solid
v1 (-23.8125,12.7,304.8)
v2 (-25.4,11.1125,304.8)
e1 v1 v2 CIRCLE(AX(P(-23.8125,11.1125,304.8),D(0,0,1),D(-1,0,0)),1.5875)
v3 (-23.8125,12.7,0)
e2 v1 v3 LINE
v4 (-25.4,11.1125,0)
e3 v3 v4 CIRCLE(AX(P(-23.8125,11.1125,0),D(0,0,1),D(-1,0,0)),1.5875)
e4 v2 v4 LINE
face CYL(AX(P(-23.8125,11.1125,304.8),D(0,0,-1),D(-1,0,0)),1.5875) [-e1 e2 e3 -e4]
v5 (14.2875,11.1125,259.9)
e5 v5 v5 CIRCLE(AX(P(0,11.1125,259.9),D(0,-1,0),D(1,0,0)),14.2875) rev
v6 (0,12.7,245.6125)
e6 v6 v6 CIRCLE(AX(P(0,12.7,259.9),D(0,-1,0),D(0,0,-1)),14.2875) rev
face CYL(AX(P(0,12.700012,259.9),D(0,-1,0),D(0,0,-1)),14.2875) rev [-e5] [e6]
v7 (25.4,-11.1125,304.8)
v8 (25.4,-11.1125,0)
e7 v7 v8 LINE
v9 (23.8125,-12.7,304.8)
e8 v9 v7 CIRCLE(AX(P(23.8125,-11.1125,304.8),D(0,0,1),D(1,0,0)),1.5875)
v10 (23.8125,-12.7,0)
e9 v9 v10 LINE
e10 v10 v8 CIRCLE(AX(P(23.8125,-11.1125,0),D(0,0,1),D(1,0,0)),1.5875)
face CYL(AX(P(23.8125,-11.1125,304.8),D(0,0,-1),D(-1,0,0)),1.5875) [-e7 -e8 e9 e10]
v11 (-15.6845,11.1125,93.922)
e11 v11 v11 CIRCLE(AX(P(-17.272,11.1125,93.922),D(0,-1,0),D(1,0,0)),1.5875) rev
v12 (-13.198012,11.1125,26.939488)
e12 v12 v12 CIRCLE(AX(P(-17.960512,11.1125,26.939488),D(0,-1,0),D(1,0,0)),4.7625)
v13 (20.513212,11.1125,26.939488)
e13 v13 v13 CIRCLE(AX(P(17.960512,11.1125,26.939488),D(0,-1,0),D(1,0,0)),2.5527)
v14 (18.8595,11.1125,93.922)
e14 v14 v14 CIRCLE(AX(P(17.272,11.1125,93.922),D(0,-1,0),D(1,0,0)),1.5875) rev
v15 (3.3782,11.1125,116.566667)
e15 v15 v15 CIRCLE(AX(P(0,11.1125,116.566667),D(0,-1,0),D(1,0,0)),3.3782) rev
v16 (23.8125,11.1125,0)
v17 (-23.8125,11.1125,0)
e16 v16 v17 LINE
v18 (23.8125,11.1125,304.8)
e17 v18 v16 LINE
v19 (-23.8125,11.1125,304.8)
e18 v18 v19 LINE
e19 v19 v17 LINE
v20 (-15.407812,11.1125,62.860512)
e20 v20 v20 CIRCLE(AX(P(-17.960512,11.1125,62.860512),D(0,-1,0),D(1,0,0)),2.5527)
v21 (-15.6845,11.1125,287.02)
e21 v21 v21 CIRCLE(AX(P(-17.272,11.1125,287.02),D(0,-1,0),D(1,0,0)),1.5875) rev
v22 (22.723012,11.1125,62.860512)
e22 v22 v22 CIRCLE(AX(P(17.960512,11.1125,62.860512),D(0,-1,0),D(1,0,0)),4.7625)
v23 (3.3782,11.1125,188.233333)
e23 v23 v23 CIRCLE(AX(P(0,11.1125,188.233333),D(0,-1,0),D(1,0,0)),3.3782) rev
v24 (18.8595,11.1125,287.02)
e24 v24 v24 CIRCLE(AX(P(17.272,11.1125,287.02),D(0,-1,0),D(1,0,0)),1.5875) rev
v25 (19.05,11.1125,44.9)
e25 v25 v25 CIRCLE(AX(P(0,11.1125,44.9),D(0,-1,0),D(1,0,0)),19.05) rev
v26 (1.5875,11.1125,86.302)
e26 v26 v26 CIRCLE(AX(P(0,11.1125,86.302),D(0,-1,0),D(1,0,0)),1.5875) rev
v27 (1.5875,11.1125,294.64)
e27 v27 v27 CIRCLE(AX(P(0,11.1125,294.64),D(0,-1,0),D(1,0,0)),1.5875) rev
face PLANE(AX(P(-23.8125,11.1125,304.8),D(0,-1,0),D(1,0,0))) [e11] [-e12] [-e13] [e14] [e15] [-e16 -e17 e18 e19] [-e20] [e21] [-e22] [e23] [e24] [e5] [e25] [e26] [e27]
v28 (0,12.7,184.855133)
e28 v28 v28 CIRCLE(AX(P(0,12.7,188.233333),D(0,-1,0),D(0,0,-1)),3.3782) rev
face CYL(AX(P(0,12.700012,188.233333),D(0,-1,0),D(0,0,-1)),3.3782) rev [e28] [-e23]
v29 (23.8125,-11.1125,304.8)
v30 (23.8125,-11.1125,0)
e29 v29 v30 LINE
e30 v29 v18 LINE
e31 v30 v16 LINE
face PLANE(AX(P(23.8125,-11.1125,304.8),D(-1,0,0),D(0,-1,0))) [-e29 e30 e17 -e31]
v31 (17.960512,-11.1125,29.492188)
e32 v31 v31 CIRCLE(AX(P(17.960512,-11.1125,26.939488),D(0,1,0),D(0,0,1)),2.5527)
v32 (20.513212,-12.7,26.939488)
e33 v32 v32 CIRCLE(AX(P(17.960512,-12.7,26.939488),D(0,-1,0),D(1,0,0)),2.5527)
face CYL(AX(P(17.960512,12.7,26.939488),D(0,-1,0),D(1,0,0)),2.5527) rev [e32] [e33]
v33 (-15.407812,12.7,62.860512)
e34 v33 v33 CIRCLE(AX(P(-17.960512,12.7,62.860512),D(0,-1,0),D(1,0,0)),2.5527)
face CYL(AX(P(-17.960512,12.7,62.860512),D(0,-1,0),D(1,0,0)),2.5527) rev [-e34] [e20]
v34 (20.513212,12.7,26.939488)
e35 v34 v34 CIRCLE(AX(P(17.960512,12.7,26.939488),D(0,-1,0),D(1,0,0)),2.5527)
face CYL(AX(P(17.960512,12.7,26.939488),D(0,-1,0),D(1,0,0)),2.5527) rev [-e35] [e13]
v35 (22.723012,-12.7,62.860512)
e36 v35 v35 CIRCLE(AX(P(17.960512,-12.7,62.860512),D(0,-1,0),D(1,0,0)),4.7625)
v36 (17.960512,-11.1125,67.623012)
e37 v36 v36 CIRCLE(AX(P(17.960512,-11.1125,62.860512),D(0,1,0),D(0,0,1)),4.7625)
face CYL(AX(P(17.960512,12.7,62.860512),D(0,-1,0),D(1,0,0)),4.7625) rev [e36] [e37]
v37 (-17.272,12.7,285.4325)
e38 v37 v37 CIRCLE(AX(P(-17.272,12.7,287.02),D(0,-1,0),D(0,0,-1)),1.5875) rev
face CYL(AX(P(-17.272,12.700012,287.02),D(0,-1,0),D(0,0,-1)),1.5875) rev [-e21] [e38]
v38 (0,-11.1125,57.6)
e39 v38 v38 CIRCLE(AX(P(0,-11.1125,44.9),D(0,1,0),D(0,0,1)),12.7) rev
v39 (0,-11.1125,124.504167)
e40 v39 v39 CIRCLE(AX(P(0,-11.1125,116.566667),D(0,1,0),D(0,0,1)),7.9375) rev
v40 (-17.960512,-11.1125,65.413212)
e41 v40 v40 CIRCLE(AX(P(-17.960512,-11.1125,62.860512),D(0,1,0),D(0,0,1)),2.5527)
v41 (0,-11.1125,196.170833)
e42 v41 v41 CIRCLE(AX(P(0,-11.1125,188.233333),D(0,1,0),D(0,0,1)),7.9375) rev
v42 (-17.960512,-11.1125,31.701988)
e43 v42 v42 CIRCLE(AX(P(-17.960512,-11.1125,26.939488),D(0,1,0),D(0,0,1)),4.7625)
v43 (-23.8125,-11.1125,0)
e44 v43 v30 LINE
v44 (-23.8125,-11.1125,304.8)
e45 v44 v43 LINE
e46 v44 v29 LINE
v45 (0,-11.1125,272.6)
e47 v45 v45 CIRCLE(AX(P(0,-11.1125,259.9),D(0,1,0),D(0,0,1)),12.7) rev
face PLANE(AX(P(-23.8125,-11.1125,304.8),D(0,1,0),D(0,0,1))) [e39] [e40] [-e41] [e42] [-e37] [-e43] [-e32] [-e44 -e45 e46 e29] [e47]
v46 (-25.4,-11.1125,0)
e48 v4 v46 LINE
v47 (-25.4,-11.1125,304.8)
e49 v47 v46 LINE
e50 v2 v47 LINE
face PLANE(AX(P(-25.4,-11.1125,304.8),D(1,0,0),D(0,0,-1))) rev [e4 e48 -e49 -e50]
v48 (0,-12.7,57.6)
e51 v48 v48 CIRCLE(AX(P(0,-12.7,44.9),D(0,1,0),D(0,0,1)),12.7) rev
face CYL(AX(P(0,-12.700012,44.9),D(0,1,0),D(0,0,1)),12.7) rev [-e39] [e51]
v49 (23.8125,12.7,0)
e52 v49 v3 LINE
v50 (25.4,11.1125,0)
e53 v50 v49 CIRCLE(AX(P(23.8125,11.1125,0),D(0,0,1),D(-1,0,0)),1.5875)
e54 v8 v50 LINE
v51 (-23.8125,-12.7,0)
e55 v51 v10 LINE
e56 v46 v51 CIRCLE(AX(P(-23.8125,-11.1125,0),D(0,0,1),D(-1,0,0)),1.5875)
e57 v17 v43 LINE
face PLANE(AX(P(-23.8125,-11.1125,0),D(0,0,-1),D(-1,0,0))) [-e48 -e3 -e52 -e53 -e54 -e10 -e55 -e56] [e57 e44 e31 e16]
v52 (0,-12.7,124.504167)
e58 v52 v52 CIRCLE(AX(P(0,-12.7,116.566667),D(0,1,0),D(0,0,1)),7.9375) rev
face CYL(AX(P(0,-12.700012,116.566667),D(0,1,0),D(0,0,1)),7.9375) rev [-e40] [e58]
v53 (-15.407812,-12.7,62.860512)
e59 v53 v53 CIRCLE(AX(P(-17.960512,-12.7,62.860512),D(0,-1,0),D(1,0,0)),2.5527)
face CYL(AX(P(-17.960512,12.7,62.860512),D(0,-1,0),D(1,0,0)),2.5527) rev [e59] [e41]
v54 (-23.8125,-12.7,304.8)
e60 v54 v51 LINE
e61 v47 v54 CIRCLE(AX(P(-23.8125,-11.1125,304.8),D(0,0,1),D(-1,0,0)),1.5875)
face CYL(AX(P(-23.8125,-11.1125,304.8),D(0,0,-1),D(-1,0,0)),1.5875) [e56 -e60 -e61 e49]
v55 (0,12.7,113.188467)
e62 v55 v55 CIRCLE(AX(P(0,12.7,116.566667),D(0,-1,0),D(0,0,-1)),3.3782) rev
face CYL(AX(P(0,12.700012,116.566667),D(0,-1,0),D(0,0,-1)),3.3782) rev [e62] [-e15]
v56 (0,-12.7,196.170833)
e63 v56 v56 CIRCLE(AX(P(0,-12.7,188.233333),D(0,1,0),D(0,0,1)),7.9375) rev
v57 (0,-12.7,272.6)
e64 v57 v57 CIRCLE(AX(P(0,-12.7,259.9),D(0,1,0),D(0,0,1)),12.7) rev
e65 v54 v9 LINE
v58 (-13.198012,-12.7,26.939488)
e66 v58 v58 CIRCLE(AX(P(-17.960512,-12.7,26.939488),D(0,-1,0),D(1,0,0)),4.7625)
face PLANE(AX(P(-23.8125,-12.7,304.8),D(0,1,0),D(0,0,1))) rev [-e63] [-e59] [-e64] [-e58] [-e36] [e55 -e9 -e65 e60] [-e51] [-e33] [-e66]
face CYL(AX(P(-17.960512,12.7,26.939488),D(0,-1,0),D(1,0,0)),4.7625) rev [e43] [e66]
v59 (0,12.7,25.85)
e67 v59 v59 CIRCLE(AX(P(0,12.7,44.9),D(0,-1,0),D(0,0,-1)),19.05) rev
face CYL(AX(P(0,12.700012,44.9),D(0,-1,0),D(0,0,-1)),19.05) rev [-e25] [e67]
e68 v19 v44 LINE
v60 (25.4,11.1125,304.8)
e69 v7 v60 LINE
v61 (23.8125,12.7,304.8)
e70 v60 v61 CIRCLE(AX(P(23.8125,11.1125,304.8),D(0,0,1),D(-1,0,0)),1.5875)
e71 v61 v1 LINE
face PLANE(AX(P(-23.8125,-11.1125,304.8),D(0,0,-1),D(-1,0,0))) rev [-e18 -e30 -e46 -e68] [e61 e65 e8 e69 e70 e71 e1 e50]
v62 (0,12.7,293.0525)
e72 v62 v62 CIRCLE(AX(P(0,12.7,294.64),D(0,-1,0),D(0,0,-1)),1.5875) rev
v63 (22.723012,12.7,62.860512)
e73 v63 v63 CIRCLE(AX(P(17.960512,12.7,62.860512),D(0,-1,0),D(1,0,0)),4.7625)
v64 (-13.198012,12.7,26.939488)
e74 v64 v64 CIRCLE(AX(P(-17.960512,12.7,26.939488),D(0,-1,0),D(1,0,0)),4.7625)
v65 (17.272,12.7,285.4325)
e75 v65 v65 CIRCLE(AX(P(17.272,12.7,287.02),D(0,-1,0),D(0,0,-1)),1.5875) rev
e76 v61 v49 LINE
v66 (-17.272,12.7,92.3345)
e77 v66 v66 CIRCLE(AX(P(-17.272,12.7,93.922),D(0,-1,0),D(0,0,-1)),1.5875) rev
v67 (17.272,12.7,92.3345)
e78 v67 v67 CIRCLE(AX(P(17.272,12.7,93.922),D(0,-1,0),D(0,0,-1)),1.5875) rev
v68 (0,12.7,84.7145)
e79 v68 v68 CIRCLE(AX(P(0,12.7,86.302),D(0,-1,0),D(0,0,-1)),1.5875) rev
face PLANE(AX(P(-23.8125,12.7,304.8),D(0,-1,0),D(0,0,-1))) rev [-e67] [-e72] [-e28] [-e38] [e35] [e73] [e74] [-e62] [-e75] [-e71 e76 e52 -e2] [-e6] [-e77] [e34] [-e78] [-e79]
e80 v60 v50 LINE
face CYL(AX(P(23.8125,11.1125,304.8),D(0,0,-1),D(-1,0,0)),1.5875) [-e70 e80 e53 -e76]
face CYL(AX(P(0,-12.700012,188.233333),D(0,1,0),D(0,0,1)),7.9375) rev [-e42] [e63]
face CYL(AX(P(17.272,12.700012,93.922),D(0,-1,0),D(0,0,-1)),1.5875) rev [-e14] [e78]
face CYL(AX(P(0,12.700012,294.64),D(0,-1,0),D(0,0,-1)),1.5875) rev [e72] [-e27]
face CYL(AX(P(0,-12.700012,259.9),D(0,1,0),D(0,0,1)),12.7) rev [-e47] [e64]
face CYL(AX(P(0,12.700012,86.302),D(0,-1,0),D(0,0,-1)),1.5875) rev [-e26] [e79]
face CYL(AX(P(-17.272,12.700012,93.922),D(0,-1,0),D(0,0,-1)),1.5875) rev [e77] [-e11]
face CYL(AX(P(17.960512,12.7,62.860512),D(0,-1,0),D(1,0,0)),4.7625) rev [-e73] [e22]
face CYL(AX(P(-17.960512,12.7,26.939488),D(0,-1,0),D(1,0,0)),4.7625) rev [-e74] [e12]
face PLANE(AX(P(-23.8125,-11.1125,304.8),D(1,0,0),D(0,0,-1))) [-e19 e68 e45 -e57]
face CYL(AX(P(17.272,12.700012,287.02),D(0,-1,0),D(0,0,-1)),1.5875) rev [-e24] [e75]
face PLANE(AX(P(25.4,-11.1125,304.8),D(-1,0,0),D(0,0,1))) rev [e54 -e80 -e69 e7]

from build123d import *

# Parameters (mm, degrees)
SKETCH1_W                      = 47.625
SKETCH1_H                      = 22.225
BOSS_EXTRUDE1_DEPTH            = 304.8
CUT_EXTRUDE1_REACH             = 27.4
SKETCH2_R                      = 14.2875
SKETCH2_R_2                    = 19.05
CUT_EXTRUDE1_DIRECTION_2_DEPTH = 1
CUT_EXTRUDE2_REACH             = 27.4
SKETCH3_R                      = 12.7
CUT_EXTRUDE2_DIRECTION_2_DEPTH = 1
SKETCH7_R                      = 4.7625
CUT_EXTRUDE3_DEPTH             = 24.8125
CUT_EXTRUDE3_DEPTH_BACK        = 2.5875
CUT_EXTRUDE4_REACH             = 27.4
SKETCH8_R                      = 3.3782
CUT_EXTRUDE4_DIRECTION_2_DEPTH = 1
CUT_EXTRUDE5_REACH             = 27.4
SKETCH9_R                      = 7.9375
CUT_EXTRUDE5_DIRECTION_2_DEPTH = 1
CUT_EXTRUDE6_REACH             = 27.4
SKETCH10_R                     = 1.5875
CUT_EXTRUDE6_DIRECTION_2_DEPTH = 1


with BuildPart() as part:
    # Sketch1 → Boss-Extrude1 (new body)
    with BuildSketch(Plane.XY):
        with BuildLine():
            Line((-23.8125, -12.7), (23.8125, -12.7))
            ThreePointArc((23.8125, -12.7), (24.935032015, -12.235032015), (25.4, -11.1125))
            Line((25.4, -11.1125), (25.4, 11.1125))
            ThreePointArc((25.4, 11.1125), (24.935032015, 12.235032015), (23.8125, 12.7))
            Line((23.8125, 12.7), (-23.8125, 12.7))
            ThreePointArc((-23.8125, 12.7), (-24.935032015, 12.235032015), (-25.4, 11.1125))
            Line((-25.4, 11.1125), (-25.4, -11.1125))
            ThreePointArc((-25.4, -11.1125), (-24.935032015, -12.235032015), (-23.8125, -12.7))
        make_face()
        Rectangle(SKETCH1_W, SKETCH1_H, mode=Mode.SUBTRACT)
    extrude(amount=BOSS_EXTRUDE1_DEPTH)

    # Sketch2 → Cut-Extrude1 (cut, up to next)
    with BuildSketch(Plane(origin=(0, 12.7, 0), x_dir=(1, 0, 0), z_dir=(0, 1, 0)), mode=Mode.PRIVATE) as cut_extrude1_sk1:
        with Locations((0, -259.9)):
            Circle(SKETCH2_R)
    cut_extrude1_tool1 = extrude(cut_extrude1_sk1.sketch, amount=-CUT_EXTRUDE1_REACH, mode=Mode.PRIVATE) & part.part
    add(cut_extrude1_tool1.solids().sort_by_distance((0, 12.7, 259.9))[0], mode=Mode.SUBTRACT)
    # Sketch2 → Cut-Extrude1 (cut, up to next)
    with BuildSketch(Plane(origin=(0, 12.7, 0), x_dir=(1, 0, 0), z_dir=(0, 1, 0)), mode=Mode.PRIVATE) as cut_extrude1_sk2:
        with Locations((0, -44.9)):
            Circle(SKETCH2_R_2)
    cut_extrude1_tool2 = extrude(cut_extrude1_sk2.sketch, amount=-CUT_EXTRUDE1_REACH, mode=Mode.PRIVATE) & part.part
    add(cut_extrude1_tool2.solids().sort_by_distance((0, 12.7, 44.9))[0], mode=Mode.SUBTRACT)

    # Sketch2 → Cut-Extrude1 direction 2 (cut)
    with BuildSketch(Plane(origin=(0, 12.7, 0), x_dir=(1, 0, 0), z_dir=(0, 1, 0))):
        with Locations((0, -259.9)):
            Circle(SKETCH2_R)
        with Locations((0, -44.9)):
            Circle(SKETCH2_R_2)
    extrude(amount=CUT_EXTRUDE1_DIRECTION_2_DEPTH, mode=Mode.SUBTRACT)

    # Sketch3 → Cut-Extrude2 (cut, up to next)
    with BuildSketch(Plane.XZ.offset(12.7), mode=Mode.PRIVATE) as cut_extrude2_sk1:
        with Locations((0, 44.9)):
            Circle(SKETCH3_R)
    cut_extrude2_tool1 = extrude(cut_extrude2_sk1.sketch, amount=-CUT_EXTRUDE2_REACH, mode=Mode.PRIVATE) & part.part
    add(cut_extrude2_tool1.solids().sort_by_distance((0, -12.7, 44.9))[0], mode=Mode.SUBTRACT)
    # Sketch3 → Cut-Extrude2 (cut, up to next)
    with BuildSketch(Plane.XZ.offset(12.7), mode=Mode.PRIVATE) as cut_extrude2_sk2:
        with Locations((0, 259.9)):
            Circle(SKETCH3_R)
    cut_extrude2_tool2 = extrude(cut_extrude2_sk2.sketch, amount=-CUT_EXTRUDE2_REACH, mode=Mode.PRIVATE) & part.part
    add(cut_extrude2_tool2.solids().sort_by_distance((0, -12.7, 259.9))[0], mode=Mode.SUBTRACT)

    # Sketch3 → Cut-Extrude2 direction 2 (cut)
    with BuildSketch(Plane.XZ.offset(12.7)):
        with Locations((0, 44.9)):
            Circle(SKETCH3_R)
        with Locations((0, 259.9)):
            Circle(SKETCH3_R)
    extrude(amount=CUT_EXTRUDE2_DIRECTION_2_DEPTH, mode=Mode.SUBTRACT)

    # Sketch7 → Cut-Extrude3 (cut, two sides)
    with BuildSketch(Plane.XZ.offset(-11.1125)) as cut_extrude3_sk:
        with Locations((17.960512242, 62.860512242)):
            Circle(SKETCH7_R)
        with Locations((-17.960512242, 26.939487758)):
            Circle(SKETCH7_R)
        with BuildLine():
            ThreePointArc((20.513212242, 26.939487758), (17.960512242, 29.492187758), (15.407812242, 26.939487758))
            ThreePointArc((15.407812242, 26.939487758), (17.960512242, 24.386787758), (20.513212242, 26.939487758))
        make_face()
        with BuildLine():
            ThreePointArc((-15.407812242, 62.860512242), (-17.960512242, 65.413212242), (-20.513212242, 62.860512242))
            ThreePointArc((-20.513212242, 62.860512242), (-17.960512242, 60.307812242), (-15.407812242, 62.860512242))
        make_face()
    extrude(amount=CUT_EXTRUDE3_DEPTH, mode=Mode.SUBTRACT)
    extrude(cut_extrude3_sk.sketch, amount=-CUT_EXTRUDE3_DEPTH_BACK, mode=Mode.SUBTRACT)

    # Sketch8 → Cut-Extrude4 (cut, up to next)
    with BuildSketch(Plane(origin=(0, 12.7, 0), x_dir=(1, 0, 0), z_dir=(0, 1, 0)), mode=Mode.PRIVATE) as cut_extrude4_sk1:
        with Locations((0, -116.566667182)):
            Circle(SKETCH8_R)
    cut_extrude4_tool1 = extrude(cut_extrude4_sk1.sketch, amount=-CUT_EXTRUDE4_REACH, mode=Mode.PRIVATE) & part.part
    add(cut_extrude4_tool1.solids().sort_by_distance((0, 12.7, 116.566667))[0], mode=Mode.SUBTRACT)
    # Sketch8 → Cut-Extrude4 (cut, up to next)
    with BuildSketch(Plane(origin=(0, 12.7, 0), x_dir=(1, 0, 0), z_dir=(0, 1, 0)), mode=Mode.PRIVATE) as cut_extrude4_sk2:
        with Locations((0, -188.233332818)):
            Circle(SKETCH8_R)
    cut_extrude4_tool2 = extrude(cut_extrude4_sk2.sketch, amount=-CUT_EXTRUDE4_REACH, mode=Mode.PRIVATE) & part.part
    add(cut_extrude4_tool2.solids().sort_by_distance((0, 12.7, 188.233333))[0], mode=Mode.SUBTRACT)

    # Sketch8 → Cut-Extrude4 direction 2 (cut)
    with BuildSketch(Plane(origin=(0, 12.7, 0), x_dir=(1, 0, 0), z_dir=(0, 1, 0))):
        with Locations((0, -116.566667182)):
            Circle(SKETCH8_R)
        with Locations((0, -188.233332818)):
            Circle(SKETCH8_R)
    extrude(amount=CUT_EXTRUDE4_DIRECTION_2_DEPTH, mode=Mode.SUBTRACT)

    # Sketch9 → Cut-Extrude5 (cut, up to next)
    with BuildSketch(Plane.XZ.offset(12.7), mode=Mode.PRIVATE) as cut_extrude5_sk1:
        with Locations((0, 116.566667182)):
            Circle(SKETCH9_R)
    cut_extrude5_tool1 = extrude(cut_extrude5_sk1.sketch, amount=-CUT_EXTRUDE5_REACH, mode=Mode.PRIVATE) & part.part
    add(cut_extrude5_tool1.solids().sort_by_distance((0, -12.7, 116.566667))[0], mode=Mode.SUBTRACT)
    # Sketch9 → Cut-Extrude5 (cut, up to next)
    with BuildSketch(Plane.XZ.offset(12.7), mode=Mode.PRIVATE) as cut_extrude5_sk2:
        with Locations((0, 188.233332818)):
            Circle(SKETCH9_R)
    cut_extrude5_tool2 = extrude(cut_extrude5_sk2.sketch, amount=-CUT_EXTRUDE5_REACH, mode=Mode.PRIVATE) & part.part
    add(cut_extrude5_tool2.solids().sort_by_distance((0, -12.7, 188.233333))[0], mode=Mode.SUBTRACT)

    # Sketch9 → Cut-Extrude5 direction 2 (cut)
    with BuildSketch(Plane.XZ.offset(12.7)):
        with Locations((0, 116.566667182)):
            Circle(SKETCH9_R)
        with Locations((0, 188.233332818)):
            Circle(SKETCH9_R)
    extrude(amount=CUT_EXTRUDE5_DIRECTION_2_DEPTH, mode=Mode.SUBTRACT)

    # Sketch10 → Cut-Extrude6 (cut, up to next)
    with BuildSketch(Plane(origin=(0, 12.7, 0), x_dir=(1, 0, 0), z_dir=(0, 1, 0)), mode=Mode.PRIVATE) as cut_extrude6_sk1:
        with Locations((17.272, -287.02)):
            Circle(SKETCH10_R)
    cut_extrude6_tool1 = extrude(cut_extrude6_sk1.sketch, amount=-CUT_EXTRUDE6_REACH, mode=Mode.PRIVATE) & part.part
    add(cut_extrude6_tool1.solids().sort_by_distance((17.272, 12.7, 287.02))[0], mode=Mode.SUBTRACT)
    # Sketch10 → Cut-Extrude6 (cut, up to next)
    with BuildSketch(Plane(origin=(0, 12.7, 0), x_dir=(1, 0, 0), z_dir=(0, 1, 0)), mode=Mode.PRIVATE) as cut_extrude6_sk2:
        with Locations((-17.272, -287.02)):
            Circle(SKETCH10_R)
    cut_extrude6_tool2 = extrude(cut_extrude6_sk2.sketch, amount=-CUT_EXTRUDE6_REACH, mode=Mode.PRIVATE) & part.part
    add(cut_extrude6_tool2.solids().sort_by_distance((-17.272, 12.7, 287.02))[0], mode=Mode.SUBTRACT)
    # Sketch10 → Cut-Extrude6 (cut, up to next)
    with BuildSketch(Plane(origin=(0, 12.7, 0), x_dir=(1, 0, 0), z_dir=(0, 1, 0)), mode=Mode.PRIVATE) as cut_extrude6_sk3:
        with Locations((0, -294.64)):
            Circle(SKETCH10_R)
    cut_extrude6_tool3 = extrude(cut_extrude6_sk3.sketch, amount=-CUT_EXTRUDE6_REACH, mode=Mode.PRIVATE) & part.part
    add(cut_extrude6_tool3.solids().sort_by_distance((0, 12.7, 294.64))[0], mode=Mode.SUBTRACT)
    # Sketch10 → Cut-Extrude6 (cut, up to next)
    with BuildSketch(Plane(origin=(0, 12.7, 0), x_dir=(1, 0, 0), z_dir=(0, 1, 0)), mode=Mode.PRIVATE) as cut_extrude6_sk4:
        with Locations((17.272, -93.922)):
            Circle(SKETCH10_R)
    cut_extrude6_tool4 = extrude(cut_extrude6_sk4.sketch, amount=-CUT_EXTRUDE6_REACH, mode=Mode.PRIVATE) & part.part
    add(cut_extrude6_tool4.solids().sort_by_distance((17.272, 12.7, 93.922))[0], mode=Mode.SUBTRACT)
    # Sketch10 → Cut-Extrude6 (cut, up to next)
    with BuildSketch(Plane(origin=(0, 12.7, 0), x_dir=(1, 0, 0), z_dir=(0, 1, 0)), mode=Mode.PRIVATE) as cut_extrude6_sk5:
        with Locations((0, -86.302)):
            Circle(SKETCH10_R)
    cut_extrude6_tool5 = extrude(cut_extrude6_sk5.sketch, amount=-CUT_EXTRUDE6_REACH, mode=Mode.PRIVATE) & part.part
    add(cut_extrude6_tool5.solids().sort_by_distance((0, 12.7, 86.302))[0], mode=Mode.SUBTRACT)
    # Sketch10 → Cut-Extrude6 (cut, up to next)
    with BuildSketch(Plane(origin=(0, 12.7, 0), x_dir=(1, 0, 0), z_dir=(0, 1, 0)), mode=Mode.PRIVATE) as cut_extrude6_sk6:
        with Locations((-17.272, -93.922)):
            Circle(SKETCH10_R)
    cut_extrude6_tool6 = extrude(cut_extrude6_sk6.sketch, amount=-CUT_EXTRUDE6_REACH, mode=Mode.PRIVATE) & part.part
    add(cut_extrude6_tool6.solids().sort_by_distance((-17.272, 12.7, 93.922))[0], mode=Mode.SUBTRACT)

    # Sketch10 → Cut-Extrude6 direction 2 (cut)
    with BuildSketch(Plane(origin=(0, 12.7, 0), x_dir=(1, 0, 0), z_dir=(0, 1, 0))):
        with Locations((17.272, -287.02)):
            Circle(SKETCH10_R)
        with Locations((-17.272, -287.02)):
            Circle(SKETCH10_R)
        with Locations((0, -294.64)):
            Circle(SKETCH10_R)
        with Locations((17.272, -93.922)):
            Circle(SKETCH10_R)
        with Locations((0, -86.302)):
            Circle(SKETCH10_R)
        with Locations((-17.272, -93.922)):
            Circle(SKETCH10_R)
    extrude(amount=CUT_EXTRUDE6_DIRECTION_2_DEPTH, mode=Mode.SUBTRACT)


solid = part.part
